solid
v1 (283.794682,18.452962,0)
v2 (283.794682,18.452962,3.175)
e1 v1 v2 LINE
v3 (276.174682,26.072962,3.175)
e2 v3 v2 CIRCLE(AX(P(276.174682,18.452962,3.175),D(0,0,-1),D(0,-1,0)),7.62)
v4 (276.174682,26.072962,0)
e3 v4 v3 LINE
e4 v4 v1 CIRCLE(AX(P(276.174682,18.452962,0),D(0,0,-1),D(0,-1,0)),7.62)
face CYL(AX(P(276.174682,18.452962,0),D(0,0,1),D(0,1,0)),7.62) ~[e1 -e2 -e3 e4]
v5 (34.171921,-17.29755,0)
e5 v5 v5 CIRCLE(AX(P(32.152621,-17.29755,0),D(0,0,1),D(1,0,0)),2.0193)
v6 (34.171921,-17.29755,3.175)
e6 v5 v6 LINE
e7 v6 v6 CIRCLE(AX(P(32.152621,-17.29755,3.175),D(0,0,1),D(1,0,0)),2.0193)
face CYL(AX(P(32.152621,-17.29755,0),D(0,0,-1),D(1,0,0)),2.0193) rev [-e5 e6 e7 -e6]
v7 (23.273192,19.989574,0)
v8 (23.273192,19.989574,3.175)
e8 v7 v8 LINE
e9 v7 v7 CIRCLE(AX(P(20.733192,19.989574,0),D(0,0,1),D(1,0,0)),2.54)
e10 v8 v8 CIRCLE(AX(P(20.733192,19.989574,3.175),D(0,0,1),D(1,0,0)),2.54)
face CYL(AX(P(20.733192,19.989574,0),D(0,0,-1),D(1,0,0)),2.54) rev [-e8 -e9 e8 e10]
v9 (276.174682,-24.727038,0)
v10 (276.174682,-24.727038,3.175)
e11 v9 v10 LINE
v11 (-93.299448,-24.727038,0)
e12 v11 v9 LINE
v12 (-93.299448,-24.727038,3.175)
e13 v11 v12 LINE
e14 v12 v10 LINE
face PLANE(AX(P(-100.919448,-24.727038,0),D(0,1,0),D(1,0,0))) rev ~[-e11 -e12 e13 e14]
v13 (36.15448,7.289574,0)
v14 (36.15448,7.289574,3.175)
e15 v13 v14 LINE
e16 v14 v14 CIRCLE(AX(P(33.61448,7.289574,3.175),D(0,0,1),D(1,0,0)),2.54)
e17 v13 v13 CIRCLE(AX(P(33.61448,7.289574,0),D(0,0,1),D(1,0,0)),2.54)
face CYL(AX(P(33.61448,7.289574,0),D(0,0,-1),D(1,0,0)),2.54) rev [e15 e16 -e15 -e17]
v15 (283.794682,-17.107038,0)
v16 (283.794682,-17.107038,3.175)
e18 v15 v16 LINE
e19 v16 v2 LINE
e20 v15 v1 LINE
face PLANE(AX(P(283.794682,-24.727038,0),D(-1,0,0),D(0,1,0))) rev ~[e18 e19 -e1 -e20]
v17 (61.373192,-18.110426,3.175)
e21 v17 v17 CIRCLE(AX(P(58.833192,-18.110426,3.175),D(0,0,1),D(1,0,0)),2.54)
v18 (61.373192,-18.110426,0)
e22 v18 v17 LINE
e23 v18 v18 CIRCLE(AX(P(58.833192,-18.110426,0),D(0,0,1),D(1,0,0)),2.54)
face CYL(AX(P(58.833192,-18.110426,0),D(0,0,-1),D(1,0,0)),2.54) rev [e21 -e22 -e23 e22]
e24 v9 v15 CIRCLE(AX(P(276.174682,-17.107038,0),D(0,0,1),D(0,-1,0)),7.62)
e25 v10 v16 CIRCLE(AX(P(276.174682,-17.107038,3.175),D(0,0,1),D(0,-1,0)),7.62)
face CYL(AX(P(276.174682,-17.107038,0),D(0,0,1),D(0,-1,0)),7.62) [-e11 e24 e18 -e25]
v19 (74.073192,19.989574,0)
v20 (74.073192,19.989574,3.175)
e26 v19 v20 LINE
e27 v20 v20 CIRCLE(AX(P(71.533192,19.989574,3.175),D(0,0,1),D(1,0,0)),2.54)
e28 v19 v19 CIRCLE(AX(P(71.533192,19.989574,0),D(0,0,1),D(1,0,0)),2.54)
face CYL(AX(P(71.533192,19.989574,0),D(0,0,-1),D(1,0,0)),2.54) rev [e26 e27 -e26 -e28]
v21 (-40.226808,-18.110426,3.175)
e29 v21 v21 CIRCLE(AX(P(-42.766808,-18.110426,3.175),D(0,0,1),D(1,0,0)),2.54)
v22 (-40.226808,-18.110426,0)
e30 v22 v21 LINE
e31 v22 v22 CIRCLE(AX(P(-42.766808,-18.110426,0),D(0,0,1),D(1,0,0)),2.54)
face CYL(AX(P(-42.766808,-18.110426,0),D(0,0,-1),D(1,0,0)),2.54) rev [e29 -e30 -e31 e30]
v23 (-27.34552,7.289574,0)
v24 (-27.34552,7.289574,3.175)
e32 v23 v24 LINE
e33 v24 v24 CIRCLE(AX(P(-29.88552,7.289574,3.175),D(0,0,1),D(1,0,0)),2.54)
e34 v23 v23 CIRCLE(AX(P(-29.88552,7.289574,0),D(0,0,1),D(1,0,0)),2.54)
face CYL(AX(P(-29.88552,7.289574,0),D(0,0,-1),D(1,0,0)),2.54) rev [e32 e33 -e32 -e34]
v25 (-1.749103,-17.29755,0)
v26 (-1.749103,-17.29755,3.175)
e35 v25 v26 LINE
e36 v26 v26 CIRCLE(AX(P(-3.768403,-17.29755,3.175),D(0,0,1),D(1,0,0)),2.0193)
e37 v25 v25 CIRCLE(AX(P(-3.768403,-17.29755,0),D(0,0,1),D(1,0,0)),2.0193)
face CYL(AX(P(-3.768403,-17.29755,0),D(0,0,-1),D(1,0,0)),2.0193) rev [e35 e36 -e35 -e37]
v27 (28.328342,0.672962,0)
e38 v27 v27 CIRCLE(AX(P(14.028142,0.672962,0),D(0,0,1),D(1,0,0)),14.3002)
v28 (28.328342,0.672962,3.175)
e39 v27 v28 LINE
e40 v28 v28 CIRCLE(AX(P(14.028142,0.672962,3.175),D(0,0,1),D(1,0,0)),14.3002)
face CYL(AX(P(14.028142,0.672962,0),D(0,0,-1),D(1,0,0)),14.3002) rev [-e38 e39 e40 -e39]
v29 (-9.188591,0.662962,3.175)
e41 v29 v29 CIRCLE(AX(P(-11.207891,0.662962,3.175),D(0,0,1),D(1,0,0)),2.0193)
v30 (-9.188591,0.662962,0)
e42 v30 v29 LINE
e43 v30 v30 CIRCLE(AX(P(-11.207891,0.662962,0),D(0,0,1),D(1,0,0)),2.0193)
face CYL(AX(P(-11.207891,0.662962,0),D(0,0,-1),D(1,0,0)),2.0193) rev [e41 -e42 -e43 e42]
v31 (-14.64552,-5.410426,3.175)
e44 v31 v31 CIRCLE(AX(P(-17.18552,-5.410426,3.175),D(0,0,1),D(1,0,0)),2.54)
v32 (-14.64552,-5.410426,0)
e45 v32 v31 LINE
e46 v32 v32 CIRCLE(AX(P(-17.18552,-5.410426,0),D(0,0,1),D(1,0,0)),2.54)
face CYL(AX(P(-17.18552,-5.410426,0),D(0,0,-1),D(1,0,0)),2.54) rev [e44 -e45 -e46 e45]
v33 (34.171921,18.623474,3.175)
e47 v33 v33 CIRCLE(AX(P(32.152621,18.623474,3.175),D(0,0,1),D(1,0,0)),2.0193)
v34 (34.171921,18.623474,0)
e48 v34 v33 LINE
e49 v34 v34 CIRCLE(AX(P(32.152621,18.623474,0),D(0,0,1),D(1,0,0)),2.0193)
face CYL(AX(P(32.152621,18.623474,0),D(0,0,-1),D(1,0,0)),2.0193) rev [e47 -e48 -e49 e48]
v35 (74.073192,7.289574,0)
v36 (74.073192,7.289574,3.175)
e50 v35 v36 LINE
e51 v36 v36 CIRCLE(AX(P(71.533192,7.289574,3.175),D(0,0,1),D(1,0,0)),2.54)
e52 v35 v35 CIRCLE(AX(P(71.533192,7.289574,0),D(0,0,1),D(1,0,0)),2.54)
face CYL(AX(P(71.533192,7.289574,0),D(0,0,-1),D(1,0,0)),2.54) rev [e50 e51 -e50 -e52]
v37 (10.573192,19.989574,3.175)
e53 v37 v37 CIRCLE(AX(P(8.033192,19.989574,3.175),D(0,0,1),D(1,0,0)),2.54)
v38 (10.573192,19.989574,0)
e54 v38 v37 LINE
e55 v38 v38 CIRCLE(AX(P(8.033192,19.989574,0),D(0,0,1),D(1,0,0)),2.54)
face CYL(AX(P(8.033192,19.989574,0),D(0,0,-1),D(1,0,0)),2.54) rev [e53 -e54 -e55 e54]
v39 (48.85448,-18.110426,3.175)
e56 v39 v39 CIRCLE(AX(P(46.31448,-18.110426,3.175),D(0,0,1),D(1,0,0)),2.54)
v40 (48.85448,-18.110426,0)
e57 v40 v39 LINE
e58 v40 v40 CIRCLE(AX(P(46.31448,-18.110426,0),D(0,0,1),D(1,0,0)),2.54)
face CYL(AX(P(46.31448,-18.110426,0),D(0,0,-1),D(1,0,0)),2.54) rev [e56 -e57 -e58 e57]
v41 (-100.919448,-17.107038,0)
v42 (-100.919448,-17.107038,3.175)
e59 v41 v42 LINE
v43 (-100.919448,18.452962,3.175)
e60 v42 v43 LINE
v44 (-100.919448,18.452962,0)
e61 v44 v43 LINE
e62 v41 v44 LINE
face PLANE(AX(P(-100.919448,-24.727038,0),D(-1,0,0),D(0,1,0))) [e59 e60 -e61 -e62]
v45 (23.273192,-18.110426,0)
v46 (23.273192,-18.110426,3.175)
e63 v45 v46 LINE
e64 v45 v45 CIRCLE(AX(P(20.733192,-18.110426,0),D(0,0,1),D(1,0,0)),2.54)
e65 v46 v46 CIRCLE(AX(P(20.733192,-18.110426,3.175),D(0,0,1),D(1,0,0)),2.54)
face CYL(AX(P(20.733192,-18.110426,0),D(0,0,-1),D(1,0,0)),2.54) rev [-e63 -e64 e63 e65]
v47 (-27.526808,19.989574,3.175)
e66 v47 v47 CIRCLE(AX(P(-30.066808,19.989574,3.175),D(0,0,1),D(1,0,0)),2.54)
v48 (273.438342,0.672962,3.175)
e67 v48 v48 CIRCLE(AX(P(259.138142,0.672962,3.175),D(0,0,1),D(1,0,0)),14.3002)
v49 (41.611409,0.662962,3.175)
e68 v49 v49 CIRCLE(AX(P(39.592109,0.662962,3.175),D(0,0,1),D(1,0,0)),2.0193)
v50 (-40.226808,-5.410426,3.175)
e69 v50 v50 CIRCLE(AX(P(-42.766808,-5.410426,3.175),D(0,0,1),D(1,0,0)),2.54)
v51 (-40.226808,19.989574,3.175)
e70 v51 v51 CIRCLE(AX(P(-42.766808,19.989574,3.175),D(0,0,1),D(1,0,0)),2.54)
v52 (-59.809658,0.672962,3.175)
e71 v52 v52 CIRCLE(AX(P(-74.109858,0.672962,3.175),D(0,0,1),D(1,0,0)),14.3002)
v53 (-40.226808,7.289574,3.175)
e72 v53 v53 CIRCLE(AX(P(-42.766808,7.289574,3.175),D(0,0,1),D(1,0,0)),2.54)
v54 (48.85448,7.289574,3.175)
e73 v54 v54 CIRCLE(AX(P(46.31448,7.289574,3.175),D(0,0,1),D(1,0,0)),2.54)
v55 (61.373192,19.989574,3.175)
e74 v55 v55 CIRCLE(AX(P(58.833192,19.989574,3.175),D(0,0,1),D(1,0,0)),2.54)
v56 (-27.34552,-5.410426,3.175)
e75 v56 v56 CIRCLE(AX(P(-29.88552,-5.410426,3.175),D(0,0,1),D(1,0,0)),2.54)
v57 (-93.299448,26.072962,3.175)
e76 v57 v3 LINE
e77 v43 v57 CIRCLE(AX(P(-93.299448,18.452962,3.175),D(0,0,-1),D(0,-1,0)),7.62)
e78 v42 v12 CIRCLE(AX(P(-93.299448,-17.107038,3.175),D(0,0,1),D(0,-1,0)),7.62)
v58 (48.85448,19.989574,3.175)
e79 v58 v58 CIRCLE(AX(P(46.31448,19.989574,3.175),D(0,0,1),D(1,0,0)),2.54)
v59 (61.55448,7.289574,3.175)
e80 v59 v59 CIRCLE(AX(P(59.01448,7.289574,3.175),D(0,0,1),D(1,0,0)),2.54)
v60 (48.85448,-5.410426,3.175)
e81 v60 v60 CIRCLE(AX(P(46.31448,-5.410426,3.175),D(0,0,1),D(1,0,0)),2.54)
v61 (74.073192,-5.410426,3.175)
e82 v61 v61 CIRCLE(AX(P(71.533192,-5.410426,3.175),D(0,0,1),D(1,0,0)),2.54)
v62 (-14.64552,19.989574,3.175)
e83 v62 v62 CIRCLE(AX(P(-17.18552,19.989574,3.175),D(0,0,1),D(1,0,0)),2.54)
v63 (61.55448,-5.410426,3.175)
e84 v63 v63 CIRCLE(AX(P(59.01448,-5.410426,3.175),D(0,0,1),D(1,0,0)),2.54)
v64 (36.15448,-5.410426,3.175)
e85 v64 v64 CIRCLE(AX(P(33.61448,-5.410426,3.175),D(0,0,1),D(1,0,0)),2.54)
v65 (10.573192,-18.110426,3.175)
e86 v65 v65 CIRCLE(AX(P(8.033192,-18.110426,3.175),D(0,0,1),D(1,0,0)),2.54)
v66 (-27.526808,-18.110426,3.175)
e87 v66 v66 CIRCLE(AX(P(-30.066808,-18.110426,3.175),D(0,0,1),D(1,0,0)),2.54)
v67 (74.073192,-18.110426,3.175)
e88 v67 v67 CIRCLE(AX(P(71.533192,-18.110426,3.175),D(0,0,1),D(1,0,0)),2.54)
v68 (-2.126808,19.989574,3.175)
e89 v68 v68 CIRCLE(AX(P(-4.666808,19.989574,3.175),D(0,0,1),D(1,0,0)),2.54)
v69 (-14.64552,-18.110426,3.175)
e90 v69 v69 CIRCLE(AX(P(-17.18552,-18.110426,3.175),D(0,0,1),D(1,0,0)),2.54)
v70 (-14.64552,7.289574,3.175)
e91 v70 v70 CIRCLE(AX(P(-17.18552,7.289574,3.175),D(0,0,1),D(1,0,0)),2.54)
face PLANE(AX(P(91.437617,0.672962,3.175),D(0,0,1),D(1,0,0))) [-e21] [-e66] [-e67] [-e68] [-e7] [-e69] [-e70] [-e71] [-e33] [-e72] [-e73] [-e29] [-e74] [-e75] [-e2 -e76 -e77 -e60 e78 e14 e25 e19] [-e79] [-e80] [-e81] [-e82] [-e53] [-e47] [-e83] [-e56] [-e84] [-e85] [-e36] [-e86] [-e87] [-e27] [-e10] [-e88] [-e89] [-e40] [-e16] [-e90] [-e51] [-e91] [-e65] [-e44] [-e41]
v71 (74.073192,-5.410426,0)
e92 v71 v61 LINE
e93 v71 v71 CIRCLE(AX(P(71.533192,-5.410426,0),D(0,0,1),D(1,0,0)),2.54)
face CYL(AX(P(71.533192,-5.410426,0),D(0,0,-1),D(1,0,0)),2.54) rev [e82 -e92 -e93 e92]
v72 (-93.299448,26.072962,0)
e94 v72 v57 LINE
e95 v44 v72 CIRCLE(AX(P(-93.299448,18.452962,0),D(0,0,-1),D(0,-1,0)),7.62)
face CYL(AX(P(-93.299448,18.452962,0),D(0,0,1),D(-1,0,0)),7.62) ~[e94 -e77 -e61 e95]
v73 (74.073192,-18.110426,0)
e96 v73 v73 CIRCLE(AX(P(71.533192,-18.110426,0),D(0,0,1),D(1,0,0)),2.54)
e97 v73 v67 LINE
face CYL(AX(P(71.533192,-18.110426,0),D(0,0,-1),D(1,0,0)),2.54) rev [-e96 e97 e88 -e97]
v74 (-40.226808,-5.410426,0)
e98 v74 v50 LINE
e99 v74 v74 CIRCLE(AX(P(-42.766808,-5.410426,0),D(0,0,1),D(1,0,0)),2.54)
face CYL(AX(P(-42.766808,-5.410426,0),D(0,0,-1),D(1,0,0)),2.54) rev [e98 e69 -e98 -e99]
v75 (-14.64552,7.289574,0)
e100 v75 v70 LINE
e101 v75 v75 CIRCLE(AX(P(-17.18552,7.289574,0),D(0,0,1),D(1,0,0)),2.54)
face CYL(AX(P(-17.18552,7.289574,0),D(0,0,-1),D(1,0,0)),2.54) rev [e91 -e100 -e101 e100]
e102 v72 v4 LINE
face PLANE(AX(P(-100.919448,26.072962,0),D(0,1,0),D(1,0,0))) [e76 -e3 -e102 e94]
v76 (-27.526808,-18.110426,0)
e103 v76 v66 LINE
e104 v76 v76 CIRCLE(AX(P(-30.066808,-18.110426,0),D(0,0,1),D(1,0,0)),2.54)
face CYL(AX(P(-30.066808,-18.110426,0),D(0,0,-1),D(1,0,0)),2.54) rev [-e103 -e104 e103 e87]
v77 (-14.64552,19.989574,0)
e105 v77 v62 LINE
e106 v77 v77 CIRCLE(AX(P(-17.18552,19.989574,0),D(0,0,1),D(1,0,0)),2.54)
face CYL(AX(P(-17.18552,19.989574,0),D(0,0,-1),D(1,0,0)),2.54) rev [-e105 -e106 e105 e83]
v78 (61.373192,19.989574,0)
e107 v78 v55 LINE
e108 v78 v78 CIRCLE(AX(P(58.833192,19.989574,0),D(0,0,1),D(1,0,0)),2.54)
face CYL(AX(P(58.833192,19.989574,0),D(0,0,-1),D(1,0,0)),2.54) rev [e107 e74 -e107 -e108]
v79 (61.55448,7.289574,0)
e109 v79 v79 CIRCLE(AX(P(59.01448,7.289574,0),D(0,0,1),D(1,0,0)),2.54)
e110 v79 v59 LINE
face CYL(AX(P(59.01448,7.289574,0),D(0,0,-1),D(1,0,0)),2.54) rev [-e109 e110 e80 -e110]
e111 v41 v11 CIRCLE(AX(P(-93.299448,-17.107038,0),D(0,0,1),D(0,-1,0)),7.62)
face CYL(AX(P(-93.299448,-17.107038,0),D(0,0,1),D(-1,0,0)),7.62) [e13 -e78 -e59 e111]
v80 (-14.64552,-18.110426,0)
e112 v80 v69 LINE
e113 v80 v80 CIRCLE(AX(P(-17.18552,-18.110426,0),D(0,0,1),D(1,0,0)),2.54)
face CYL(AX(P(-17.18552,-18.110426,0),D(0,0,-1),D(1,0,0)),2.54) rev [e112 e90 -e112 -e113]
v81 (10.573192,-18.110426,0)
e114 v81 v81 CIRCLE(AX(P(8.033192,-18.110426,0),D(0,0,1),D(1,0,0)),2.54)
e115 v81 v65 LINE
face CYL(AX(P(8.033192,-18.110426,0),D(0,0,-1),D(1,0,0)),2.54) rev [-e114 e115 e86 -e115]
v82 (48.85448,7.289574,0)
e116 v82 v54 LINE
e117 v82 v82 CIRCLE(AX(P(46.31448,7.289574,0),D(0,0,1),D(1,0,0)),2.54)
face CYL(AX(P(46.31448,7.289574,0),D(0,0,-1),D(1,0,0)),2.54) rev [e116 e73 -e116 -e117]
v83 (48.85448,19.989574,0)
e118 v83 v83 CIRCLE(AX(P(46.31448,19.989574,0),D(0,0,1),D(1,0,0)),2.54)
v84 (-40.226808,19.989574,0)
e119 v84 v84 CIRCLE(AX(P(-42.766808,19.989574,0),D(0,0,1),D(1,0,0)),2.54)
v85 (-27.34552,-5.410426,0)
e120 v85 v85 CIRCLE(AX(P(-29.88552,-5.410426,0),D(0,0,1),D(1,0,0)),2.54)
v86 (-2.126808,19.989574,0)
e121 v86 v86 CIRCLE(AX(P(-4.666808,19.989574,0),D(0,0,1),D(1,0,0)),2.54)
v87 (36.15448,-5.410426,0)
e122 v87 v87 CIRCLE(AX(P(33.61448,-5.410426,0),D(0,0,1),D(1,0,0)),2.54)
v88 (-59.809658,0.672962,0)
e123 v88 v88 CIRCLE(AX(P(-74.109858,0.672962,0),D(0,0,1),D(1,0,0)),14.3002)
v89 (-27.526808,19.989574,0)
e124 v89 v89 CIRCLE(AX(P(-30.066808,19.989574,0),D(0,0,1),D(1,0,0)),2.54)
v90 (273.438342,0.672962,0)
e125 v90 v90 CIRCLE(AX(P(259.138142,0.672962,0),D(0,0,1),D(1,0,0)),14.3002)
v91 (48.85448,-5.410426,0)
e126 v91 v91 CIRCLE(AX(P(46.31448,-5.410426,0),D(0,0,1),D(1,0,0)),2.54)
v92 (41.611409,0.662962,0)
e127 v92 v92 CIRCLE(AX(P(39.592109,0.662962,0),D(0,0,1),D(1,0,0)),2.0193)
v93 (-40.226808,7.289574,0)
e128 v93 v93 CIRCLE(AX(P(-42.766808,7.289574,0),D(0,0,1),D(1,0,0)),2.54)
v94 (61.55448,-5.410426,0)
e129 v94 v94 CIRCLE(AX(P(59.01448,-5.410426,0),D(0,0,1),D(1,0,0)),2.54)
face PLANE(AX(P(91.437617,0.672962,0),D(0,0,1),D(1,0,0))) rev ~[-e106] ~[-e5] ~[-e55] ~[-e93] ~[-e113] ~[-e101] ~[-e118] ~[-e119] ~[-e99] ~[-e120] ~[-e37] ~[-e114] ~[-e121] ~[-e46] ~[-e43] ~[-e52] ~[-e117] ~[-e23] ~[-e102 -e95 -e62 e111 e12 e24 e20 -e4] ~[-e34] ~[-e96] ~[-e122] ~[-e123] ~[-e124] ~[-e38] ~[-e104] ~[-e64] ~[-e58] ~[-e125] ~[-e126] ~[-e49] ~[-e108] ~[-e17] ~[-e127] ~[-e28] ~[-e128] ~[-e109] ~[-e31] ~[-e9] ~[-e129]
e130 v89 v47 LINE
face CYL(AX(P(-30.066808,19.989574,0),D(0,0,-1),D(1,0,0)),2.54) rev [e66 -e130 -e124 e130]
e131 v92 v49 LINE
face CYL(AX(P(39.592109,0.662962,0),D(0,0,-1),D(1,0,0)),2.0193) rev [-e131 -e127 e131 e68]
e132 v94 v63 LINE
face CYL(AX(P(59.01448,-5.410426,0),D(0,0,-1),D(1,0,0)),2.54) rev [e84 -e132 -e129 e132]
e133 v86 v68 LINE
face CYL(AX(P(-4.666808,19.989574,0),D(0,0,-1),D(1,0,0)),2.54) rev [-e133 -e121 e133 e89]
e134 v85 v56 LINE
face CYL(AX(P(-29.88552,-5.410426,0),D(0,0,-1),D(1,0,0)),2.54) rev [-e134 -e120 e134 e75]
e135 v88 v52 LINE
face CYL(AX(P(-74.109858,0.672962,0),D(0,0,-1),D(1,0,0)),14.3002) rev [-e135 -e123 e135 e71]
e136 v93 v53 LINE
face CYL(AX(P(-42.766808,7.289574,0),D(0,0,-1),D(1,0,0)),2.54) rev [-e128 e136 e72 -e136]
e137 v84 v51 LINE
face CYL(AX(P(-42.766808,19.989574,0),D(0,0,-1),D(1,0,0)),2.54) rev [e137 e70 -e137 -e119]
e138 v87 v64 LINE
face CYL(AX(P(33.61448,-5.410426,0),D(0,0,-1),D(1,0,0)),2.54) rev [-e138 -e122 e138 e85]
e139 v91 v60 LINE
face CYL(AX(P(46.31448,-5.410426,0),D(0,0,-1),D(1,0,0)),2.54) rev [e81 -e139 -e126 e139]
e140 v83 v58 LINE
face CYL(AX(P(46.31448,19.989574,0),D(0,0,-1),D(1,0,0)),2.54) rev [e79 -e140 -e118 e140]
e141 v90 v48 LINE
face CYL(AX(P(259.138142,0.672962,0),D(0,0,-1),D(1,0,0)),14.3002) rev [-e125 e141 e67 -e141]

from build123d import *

# Parameters (mm, degrees)
SKETCH1_W           = 384.714130078
SKETCH1_H           = 50.8
SKETCH1_R           = 14.3002
SKETCH1_R_2         = 2.0193
SKETCH1_R_3         = 2.54
BOSS_EXTRUDE1_DEPTH = 3.175
FILLET1_R           = 7.62


with BuildPart() as part:
    # Sketch1 → Boss-Extrude1 (new body)
    with BuildSketch(Plane.XY):
        with Locations((91.437616825, 0.672961839)):
            Rectangle(SKETCH1_W, SKETCH1_H)
        with Locations((-74.109858368, 0.672961839)):
            Circle(SKETCH1_R, mode=Mode.SUBTRACT)
        with Locations((14.028141632, 0.672961839)):
            Circle(SKETCH1_R, mode=Mode.SUBTRACT)
        with Locations((259.138141632, 0.672961839)):
            Circle(SKETCH1_R, mode=Mode.SUBTRACT)
        with Locations((39.592109109, 0.662961839)):
            Circle(SKETCH1_R_2, mode=Mode.SUBTRACT)
        with Locations((32.152621351, -17.297550403)):
            Circle(SKETCH1_R_2, mode=Mode.SUBTRACT)
        with Locations((-3.768403133, -17.297550403)):
            Circle(SKETCH1_R_2, mode=Mode.SUBTRACT)
        with Locations((32.152621351, 18.623474081)):
            Circle(SKETCH1_R_2, mode=Mode.SUBTRACT)
        with Locations((-11.207890891, 0.662961839)):
            Circle(SKETCH1_R_2, mode=Mode.SUBTRACT)
        with Locations((-29.885519869, 7.289574438)):
            Circle(SKETCH1_R_3, mode=Mode.SUBTRACT)
        with Locations((-29.885519869, -5.410425562)):
            Circle(SKETCH1_R_3, mode=Mode.SUBTRACT)
        with Locations((-17.185519869, 7.289574438)):
            Circle(SKETCH1_R_3, mode=Mode.SUBTRACT)
        with Locations((-17.185519869, -5.410425562)):
            Circle(SKETCH1_R_3, mode=Mode.SUBTRACT)
        with Locations((-17.185519869, -18.110425562)):
            Circle(SKETCH1_R_3, mode=Mode.SUBTRACT)
        with Locations((-17.185519869, 19.989574438)):
            Circle(SKETCH1_R_3, mode=Mode.SUBTRACT)
        with Locations((-30.066807854, 19.989574438)):
            Circle(SKETCH1_R_3, mode=Mode.SUBTRACT)
        with Locations((33.614480131, -5.410425562)):
            Circle(SKETCH1_R_3, mode=Mode.SUBTRACT)
        with Locations((33.614480131, 7.289574438)):
            Circle(SKETCH1_R_3, mode=Mode.SUBTRACT)
        with Locations((59.014480131, -5.410425562)):
            Circle(SKETCH1_R_3, mode=Mode.SUBTRACT)
        with Locations((59.014480131, 7.289574438)):
            Circle(SKETCH1_R_3, mode=Mode.SUBTRACT)
        with Locations((46.314480131, 7.289574438)):
            Circle(SKETCH1_R_3, mode=Mode.SUBTRACT)
        with Locations((46.314480131, -5.410425562)):
            Circle(SKETCH1_R_3, mode=Mode.SUBTRACT)
        with Locations((46.314480131, -18.110425562)):
            Circle(SKETCH1_R_3, mode=Mode.SUBTRACT)
        with Locations((58.833192146, -18.110425562)):
            Circle(SKETCH1_R_3, mode=Mode.SUBTRACT)
        with Locations((71.533192146, -18.110425562)):
            Circle(SKETCH1_R_3, mode=Mode.SUBTRACT)
        with Locations((71.533192146, -5.410425562)):
            Circle(SKETCH1_R_3, mode=Mode.SUBTRACT)
        with Locations((71.533192146, 7.289574438)):
            Circle(SKETCH1_R_3, mode=Mode.SUBTRACT)
        with Locations((71.533192146, 19.989574438)):
            Circle(SKETCH1_R_3, mode=Mode.SUBTRACT)
        with Locations((58.833192146, 19.989574438)):
            Circle(SKETCH1_R_3, mode=Mode.SUBTRACT)
        with Locations((46.314480131, 19.989574438)):
            Circle(SKETCH1_R_3, mode=Mode.SUBTRACT)
        with Locations((20.733192146, 19.989574438)):
            Circle(SKETCH1_R_3, mode=Mode.SUBTRACT)
        with Locations((8.033192146, 19.989574438)):
            Circle(SKETCH1_R_3, mode=Mode.SUBTRACT)
        with Locations((-4.666807854, 19.989574438)):
            Circle(SKETCH1_R_3, mode=Mode.SUBTRACT)
        with Locations((20.733192146, -18.110425562)):
            Circle(SKETCH1_R_3, mode=Mode.SUBTRACT)
        with Locations((8.033192146, -18.110425562)):
            Circle(SKETCH1_R_3, mode=Mode.SUBTRACT)
        with Locations((-30.066807854, -18.110425562)):
            Circle(SKETCH1_R_3, mode=Mode.SUBTRACT)
        with Locations((-42.766807854, -18.110425562)):
            Circle(SKETCH1_R_3, mode=Mode.SUBTRACT)
        with Locations((-42.766807854, 19.989574438)):
            Circle(SKETCH1_R_3, mode=Mode.SUBTRACT)
        with Locations((-42.766807854, 7.289574438)):
            Circle(SKETCH1_R_3, mode=Mode.SUBTRACT)
        with Locations((-42.766807854, -5.410425562)):
            Circle(SKETCH1_R_3, mode=Mode.SUBTRACT)
    extrude(amount=BOSS_EXTRUDE1_DEPTH)

    # Fillet1
    fillet1_edges = [part.edges().sort_by_distance(p)[0] for p in [
        (-100.919448214, 26.072961839, 1.5875),
        (283.794681864, 26.072961839, 1.5875),
        (283.794681864, -24.727038161, 1.5875),
        (-100.919448214, -24.727038161, 1.5875),
    ]]
    fillet(fillet1_edges, radius=FILLET1_R)


solid = part.part
